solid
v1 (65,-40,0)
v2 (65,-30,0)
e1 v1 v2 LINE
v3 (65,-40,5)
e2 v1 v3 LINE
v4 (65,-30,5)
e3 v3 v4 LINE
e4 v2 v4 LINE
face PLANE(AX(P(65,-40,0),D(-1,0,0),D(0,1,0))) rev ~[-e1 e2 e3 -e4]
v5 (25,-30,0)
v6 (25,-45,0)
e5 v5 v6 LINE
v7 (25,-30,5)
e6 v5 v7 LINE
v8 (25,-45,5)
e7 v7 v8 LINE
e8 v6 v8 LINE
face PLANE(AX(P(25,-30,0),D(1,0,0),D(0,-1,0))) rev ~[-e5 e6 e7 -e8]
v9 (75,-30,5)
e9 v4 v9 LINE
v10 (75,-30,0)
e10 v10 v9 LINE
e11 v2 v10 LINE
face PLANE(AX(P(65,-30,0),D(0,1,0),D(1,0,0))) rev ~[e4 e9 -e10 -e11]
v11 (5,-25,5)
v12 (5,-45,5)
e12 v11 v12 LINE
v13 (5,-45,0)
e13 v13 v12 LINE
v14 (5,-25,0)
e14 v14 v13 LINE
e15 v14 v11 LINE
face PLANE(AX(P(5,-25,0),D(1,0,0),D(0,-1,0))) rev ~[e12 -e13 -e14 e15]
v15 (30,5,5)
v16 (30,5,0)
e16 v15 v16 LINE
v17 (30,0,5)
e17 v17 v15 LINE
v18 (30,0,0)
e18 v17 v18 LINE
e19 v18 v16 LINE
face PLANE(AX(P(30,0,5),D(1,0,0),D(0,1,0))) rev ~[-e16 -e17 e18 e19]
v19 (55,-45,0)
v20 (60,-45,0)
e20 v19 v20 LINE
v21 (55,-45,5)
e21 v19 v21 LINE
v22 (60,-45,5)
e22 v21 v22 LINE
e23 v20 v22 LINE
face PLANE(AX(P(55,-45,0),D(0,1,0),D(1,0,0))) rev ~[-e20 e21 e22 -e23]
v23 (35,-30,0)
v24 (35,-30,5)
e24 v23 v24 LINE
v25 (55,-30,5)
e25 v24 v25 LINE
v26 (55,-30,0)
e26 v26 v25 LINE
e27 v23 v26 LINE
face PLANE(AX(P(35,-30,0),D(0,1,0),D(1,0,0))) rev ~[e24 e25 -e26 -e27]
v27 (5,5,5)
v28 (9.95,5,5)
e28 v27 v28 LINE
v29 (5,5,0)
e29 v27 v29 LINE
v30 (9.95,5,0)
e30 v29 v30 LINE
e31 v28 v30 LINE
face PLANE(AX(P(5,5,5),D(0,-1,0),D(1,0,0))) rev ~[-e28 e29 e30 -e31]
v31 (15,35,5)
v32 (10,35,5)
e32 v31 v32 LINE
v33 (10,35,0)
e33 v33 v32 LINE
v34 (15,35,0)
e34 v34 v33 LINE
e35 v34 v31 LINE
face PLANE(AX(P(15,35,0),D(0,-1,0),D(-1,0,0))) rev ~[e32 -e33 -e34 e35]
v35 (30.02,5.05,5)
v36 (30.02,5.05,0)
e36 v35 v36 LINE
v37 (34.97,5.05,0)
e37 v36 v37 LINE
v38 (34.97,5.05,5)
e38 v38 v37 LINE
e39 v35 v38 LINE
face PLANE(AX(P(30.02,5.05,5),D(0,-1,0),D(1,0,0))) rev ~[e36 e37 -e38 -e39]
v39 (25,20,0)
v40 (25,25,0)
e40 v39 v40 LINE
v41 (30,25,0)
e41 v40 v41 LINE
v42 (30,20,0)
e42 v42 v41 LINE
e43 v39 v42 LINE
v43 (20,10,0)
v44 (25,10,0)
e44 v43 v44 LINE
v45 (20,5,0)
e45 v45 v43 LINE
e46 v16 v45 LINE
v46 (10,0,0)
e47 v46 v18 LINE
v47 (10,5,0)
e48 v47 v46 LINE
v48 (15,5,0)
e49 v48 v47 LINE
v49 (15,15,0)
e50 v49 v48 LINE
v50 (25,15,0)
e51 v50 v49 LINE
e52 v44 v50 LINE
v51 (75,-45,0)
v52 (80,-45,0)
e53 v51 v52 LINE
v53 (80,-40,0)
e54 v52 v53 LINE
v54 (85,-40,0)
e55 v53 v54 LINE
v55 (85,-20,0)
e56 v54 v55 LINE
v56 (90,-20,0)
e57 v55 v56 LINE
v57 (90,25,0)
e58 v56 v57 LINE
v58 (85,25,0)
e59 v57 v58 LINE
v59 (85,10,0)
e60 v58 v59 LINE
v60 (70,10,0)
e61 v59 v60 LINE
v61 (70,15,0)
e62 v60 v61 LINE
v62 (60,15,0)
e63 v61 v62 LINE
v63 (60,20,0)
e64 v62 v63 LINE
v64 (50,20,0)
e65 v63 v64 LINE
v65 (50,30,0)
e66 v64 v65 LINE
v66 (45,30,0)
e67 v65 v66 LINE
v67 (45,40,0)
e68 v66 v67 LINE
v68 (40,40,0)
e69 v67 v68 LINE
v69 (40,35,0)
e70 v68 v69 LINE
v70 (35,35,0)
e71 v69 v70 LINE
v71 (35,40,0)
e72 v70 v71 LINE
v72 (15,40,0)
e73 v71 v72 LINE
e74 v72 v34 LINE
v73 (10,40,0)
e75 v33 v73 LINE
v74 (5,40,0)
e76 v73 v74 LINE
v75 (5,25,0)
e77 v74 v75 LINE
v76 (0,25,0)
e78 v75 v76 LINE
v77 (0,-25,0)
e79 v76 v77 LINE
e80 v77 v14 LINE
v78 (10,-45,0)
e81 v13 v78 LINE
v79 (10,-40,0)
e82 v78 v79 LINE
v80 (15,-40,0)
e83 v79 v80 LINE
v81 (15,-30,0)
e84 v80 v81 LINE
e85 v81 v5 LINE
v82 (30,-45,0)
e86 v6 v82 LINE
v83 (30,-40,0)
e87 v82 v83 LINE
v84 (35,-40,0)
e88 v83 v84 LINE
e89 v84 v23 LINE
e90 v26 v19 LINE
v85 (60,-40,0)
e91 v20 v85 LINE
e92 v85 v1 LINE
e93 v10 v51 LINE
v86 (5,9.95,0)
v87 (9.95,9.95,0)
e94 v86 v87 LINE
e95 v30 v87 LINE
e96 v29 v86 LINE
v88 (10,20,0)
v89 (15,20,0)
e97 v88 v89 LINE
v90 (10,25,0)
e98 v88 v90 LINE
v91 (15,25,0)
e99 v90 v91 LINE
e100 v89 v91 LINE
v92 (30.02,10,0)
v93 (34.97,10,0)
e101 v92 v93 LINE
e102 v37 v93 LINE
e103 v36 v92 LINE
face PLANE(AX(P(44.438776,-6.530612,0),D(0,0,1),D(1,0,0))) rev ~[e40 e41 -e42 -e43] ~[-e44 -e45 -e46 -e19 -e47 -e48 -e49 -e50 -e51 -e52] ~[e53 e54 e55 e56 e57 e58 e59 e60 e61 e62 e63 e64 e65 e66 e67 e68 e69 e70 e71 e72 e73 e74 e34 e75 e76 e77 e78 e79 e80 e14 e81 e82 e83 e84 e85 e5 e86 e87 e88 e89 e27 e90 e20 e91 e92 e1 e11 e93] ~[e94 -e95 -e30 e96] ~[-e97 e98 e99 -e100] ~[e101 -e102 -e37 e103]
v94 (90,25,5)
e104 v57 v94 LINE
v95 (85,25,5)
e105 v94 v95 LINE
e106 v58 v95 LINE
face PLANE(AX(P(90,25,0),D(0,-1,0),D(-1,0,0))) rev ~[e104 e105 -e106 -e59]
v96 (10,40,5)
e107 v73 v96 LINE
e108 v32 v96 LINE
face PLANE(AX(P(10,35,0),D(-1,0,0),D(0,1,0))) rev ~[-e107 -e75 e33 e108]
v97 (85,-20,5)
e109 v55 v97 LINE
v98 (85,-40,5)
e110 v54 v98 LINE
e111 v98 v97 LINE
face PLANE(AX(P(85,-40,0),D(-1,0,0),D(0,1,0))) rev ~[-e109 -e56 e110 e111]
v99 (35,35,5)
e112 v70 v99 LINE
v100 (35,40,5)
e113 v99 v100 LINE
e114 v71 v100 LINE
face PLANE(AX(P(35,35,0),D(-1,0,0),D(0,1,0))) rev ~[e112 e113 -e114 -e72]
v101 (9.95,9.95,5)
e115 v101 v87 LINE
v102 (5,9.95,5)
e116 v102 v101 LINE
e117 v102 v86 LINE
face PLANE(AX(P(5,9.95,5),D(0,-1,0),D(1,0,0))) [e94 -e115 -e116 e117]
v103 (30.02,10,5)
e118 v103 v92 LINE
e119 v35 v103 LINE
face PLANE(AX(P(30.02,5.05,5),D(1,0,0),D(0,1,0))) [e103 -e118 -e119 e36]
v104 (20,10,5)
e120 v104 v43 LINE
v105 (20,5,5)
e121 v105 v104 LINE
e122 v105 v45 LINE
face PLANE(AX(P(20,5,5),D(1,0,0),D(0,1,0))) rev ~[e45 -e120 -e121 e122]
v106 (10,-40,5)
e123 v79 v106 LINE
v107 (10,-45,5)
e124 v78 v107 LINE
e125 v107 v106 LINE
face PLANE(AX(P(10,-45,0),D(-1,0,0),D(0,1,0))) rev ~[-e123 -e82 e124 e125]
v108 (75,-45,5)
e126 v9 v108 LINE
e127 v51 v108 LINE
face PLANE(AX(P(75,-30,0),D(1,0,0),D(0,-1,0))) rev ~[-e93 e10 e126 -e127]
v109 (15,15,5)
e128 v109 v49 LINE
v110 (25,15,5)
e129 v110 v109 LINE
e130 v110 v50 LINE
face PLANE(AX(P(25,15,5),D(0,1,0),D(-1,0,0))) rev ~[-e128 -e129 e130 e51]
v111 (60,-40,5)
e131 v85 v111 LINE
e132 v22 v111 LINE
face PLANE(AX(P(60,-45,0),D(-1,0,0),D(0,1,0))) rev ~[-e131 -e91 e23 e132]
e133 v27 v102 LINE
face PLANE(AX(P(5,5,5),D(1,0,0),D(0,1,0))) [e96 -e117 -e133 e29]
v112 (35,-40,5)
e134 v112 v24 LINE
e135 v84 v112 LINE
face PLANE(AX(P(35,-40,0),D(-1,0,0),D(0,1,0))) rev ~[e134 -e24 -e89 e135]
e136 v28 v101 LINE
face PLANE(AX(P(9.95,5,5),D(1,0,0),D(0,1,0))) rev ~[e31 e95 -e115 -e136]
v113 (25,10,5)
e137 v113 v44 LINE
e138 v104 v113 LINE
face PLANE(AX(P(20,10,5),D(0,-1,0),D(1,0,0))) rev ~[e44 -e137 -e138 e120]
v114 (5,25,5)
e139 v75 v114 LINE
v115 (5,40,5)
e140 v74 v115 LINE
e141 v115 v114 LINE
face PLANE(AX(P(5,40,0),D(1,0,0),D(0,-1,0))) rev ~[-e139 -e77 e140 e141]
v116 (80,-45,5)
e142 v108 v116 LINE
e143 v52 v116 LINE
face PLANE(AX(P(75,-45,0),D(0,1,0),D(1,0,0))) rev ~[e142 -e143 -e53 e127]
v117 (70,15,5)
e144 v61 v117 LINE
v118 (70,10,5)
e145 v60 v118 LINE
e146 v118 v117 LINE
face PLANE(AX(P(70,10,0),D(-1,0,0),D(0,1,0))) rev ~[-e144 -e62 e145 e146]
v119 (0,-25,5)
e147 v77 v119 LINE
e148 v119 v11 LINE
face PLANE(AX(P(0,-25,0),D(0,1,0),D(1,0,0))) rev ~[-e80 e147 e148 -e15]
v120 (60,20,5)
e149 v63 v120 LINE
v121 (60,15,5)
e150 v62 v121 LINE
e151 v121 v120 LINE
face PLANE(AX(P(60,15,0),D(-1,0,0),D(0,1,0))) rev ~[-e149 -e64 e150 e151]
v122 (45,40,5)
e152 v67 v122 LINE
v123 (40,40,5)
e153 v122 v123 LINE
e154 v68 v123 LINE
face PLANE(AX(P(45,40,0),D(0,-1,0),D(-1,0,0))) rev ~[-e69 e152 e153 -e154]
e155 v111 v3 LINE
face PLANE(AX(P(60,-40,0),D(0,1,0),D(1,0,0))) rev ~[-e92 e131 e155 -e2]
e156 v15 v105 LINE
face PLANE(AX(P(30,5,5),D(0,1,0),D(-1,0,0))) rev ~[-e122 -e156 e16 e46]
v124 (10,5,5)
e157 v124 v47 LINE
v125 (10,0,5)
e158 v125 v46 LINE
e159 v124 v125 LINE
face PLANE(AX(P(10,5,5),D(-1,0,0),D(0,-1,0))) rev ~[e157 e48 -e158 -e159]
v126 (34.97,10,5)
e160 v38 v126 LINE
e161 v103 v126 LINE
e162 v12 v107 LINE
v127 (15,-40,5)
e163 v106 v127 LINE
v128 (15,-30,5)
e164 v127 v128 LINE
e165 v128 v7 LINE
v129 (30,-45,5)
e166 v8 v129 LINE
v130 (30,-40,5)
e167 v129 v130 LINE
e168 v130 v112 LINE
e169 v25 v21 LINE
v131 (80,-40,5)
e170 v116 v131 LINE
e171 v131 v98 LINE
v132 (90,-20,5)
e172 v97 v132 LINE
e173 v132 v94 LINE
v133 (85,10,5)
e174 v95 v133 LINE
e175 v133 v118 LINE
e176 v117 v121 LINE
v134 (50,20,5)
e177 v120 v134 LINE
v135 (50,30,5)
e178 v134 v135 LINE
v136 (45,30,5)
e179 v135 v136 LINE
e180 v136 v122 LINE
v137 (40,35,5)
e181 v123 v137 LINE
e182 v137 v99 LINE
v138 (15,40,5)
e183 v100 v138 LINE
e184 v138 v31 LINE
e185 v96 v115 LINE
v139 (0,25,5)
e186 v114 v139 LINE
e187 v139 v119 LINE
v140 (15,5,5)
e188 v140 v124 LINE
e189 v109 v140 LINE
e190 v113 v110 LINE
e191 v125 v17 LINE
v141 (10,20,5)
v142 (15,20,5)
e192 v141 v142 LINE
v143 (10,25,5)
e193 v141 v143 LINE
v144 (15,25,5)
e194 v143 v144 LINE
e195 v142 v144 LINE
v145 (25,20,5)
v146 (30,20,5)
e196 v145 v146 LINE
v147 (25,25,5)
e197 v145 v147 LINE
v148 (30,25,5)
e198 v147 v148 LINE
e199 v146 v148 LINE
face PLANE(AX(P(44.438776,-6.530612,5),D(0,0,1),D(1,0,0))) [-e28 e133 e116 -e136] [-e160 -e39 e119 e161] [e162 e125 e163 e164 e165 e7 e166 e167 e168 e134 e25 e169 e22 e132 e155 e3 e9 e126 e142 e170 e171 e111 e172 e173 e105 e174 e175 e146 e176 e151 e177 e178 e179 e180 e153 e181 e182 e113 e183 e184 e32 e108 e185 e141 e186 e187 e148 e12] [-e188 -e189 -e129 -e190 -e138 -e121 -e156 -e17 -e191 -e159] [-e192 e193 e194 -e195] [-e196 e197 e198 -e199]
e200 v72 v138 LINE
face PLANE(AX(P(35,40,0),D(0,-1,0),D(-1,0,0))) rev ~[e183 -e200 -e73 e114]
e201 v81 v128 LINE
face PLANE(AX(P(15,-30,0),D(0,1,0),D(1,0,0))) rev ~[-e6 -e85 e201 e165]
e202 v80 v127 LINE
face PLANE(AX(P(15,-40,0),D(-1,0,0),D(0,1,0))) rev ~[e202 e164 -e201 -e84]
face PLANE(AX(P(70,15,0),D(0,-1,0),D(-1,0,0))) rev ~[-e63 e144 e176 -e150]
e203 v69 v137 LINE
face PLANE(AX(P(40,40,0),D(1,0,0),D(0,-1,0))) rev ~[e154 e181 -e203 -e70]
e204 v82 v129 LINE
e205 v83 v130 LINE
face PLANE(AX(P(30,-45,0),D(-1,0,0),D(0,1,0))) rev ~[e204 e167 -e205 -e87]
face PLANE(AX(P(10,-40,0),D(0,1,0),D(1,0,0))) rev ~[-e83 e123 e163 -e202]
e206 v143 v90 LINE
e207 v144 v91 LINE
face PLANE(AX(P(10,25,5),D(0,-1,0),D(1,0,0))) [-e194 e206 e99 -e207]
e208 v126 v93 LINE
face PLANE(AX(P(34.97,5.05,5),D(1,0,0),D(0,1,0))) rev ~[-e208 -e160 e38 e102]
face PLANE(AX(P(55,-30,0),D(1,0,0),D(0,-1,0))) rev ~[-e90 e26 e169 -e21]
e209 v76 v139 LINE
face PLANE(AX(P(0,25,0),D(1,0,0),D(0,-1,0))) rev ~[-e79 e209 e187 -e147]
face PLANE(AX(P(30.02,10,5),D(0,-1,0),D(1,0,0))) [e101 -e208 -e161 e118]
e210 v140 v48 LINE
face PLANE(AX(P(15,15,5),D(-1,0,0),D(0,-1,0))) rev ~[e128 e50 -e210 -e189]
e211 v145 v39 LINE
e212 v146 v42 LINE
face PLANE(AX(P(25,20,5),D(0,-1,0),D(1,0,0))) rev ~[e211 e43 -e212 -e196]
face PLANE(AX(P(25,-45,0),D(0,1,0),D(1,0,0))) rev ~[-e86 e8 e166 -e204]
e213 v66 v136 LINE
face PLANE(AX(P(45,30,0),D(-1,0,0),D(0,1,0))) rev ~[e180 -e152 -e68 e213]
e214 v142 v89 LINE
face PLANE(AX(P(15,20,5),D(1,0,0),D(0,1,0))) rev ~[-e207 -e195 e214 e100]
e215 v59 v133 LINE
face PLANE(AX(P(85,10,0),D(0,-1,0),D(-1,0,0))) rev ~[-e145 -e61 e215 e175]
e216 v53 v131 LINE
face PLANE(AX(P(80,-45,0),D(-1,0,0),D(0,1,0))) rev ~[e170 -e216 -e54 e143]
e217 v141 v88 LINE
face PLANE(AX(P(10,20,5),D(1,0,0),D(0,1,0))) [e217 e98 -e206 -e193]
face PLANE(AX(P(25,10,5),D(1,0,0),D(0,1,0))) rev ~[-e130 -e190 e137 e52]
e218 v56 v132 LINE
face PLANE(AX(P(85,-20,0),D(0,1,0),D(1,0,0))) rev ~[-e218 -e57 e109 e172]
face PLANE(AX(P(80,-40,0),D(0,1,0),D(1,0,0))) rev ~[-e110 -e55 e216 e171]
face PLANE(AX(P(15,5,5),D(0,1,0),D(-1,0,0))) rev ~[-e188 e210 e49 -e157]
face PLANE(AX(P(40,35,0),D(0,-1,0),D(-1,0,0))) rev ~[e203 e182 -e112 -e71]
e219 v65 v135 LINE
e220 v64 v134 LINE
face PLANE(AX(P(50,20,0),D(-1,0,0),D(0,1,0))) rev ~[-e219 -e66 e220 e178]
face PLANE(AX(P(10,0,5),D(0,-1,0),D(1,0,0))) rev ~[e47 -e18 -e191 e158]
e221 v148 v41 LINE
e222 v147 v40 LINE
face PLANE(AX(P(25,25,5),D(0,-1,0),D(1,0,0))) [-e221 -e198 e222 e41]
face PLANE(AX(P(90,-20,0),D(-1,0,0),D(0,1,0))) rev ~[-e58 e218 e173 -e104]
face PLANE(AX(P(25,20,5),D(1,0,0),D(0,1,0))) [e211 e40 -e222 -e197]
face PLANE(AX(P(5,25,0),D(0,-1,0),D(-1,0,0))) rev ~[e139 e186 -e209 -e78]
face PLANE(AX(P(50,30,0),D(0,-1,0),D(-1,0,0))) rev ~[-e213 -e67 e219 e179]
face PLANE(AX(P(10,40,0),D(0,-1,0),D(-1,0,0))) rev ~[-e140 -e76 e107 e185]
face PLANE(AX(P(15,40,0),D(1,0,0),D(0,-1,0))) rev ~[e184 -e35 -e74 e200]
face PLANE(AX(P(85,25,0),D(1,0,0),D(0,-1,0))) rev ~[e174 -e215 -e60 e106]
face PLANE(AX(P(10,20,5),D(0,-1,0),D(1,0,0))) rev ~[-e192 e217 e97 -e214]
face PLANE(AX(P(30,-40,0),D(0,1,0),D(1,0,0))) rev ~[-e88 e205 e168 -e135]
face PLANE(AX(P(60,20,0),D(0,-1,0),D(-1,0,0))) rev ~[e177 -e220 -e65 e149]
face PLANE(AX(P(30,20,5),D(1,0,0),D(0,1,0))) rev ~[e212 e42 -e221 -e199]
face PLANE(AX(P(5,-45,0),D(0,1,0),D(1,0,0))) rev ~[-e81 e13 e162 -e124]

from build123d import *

# Parameters (mm, degrees)
F1_DEPTH  = 5
F3_DEPTH  = 25
F4_W      = 5
F4_H      = 5
F5_DEPTH  = 25
F6_W      = 5
F6_H      = 5
F7_DEPTH  = 25
F8_W      = 4.95
F8_H      = 4.95
F9_DEPTH  = 25
F10_W     = 4.95
F10_H     = 4.95
F11_DEPTH = 25


with BuildPart() as f1:
    # F0 (on Top) → F1 (new body)
    with BuildSketch(Plane.XY):
        Polygon((5, 25), (0, 25), (0, -25), (5, -25), (5, -45), (10, -45), (10, -40), (15, -40), (15, -30), (25, -30), (25, -45), (30, -45), (30, -40), (35, -40), (35, -30), (55, -30), (55, -45), (60, -45), (60, -40), (65, -40), (65, -30), (75, -30), (75, -45), (80, -45), (80, -40), (85, -40), (85, -20), (90, -20), (90, 25), (85, 25), (85, 10), (70, 10), (70, 15), (60, 15), (60, 20), (50, 20), (50, 30), (45, 30), (45, 40), (40, 40), (40, 35), (35, 35), (35, 40), (15, 40), (15, 35), (10, 35), (10, 40), (5, 40), align=None)
    extrude(amount=F1_DEPTH)

    # F2 (on face) → F3 (cut)
    with BuildSketch(Plane.XY.offset(5)):
        Polygon((15, 5), (10, 5), (10, 0), (30, 0), (30, 5), (20, 5), (20, 10), (25, 10), (25, 15), (15, 15), align=None)
    extrude(amount=-F3_DEPTH, mode=Mode.SUBTRACT)

    # F4 (on face) → F5 (cut)
    with BuildSketch(Plane.XY.offset(5)):
        with Locations((12.5, 22.5)):
            Rectangle(F4_W, F4_H)
    extrude(amount=-F5_DEPTH, mode=Mode.SUBTRACT)

    # F6 (on face) → F7 (cut)
    with BuildSketch(Plane.XY.offset(5)):
        with Locations((27.5, 22.5)):
            Rectangle(F6_W, F6_H)
    extrude(amount=-F7_DEPTH, mode=Mode.SUBTRACT)

    # F8 (on face) → F9 (cut)
    with BuildSketch(Plane.XY.offset(5)):
        with Locations((7.475, 7.475)):
            Rectangle(F8_W, F8_H)
    extrude(amount=-F9_DEPTH, mode=Mode.SUBTRACT)

    # F10 (on face) → F11 (cut)
    with BuildSketch(Plane.XY.offset(5)):
        with Locations((32.495, 7.525)):
            Rectangle(F10_W, F10_H)
    extrude(amount=-F11_DEPTH, mode=Mode.SUBTRACT)


solid = f1.part
